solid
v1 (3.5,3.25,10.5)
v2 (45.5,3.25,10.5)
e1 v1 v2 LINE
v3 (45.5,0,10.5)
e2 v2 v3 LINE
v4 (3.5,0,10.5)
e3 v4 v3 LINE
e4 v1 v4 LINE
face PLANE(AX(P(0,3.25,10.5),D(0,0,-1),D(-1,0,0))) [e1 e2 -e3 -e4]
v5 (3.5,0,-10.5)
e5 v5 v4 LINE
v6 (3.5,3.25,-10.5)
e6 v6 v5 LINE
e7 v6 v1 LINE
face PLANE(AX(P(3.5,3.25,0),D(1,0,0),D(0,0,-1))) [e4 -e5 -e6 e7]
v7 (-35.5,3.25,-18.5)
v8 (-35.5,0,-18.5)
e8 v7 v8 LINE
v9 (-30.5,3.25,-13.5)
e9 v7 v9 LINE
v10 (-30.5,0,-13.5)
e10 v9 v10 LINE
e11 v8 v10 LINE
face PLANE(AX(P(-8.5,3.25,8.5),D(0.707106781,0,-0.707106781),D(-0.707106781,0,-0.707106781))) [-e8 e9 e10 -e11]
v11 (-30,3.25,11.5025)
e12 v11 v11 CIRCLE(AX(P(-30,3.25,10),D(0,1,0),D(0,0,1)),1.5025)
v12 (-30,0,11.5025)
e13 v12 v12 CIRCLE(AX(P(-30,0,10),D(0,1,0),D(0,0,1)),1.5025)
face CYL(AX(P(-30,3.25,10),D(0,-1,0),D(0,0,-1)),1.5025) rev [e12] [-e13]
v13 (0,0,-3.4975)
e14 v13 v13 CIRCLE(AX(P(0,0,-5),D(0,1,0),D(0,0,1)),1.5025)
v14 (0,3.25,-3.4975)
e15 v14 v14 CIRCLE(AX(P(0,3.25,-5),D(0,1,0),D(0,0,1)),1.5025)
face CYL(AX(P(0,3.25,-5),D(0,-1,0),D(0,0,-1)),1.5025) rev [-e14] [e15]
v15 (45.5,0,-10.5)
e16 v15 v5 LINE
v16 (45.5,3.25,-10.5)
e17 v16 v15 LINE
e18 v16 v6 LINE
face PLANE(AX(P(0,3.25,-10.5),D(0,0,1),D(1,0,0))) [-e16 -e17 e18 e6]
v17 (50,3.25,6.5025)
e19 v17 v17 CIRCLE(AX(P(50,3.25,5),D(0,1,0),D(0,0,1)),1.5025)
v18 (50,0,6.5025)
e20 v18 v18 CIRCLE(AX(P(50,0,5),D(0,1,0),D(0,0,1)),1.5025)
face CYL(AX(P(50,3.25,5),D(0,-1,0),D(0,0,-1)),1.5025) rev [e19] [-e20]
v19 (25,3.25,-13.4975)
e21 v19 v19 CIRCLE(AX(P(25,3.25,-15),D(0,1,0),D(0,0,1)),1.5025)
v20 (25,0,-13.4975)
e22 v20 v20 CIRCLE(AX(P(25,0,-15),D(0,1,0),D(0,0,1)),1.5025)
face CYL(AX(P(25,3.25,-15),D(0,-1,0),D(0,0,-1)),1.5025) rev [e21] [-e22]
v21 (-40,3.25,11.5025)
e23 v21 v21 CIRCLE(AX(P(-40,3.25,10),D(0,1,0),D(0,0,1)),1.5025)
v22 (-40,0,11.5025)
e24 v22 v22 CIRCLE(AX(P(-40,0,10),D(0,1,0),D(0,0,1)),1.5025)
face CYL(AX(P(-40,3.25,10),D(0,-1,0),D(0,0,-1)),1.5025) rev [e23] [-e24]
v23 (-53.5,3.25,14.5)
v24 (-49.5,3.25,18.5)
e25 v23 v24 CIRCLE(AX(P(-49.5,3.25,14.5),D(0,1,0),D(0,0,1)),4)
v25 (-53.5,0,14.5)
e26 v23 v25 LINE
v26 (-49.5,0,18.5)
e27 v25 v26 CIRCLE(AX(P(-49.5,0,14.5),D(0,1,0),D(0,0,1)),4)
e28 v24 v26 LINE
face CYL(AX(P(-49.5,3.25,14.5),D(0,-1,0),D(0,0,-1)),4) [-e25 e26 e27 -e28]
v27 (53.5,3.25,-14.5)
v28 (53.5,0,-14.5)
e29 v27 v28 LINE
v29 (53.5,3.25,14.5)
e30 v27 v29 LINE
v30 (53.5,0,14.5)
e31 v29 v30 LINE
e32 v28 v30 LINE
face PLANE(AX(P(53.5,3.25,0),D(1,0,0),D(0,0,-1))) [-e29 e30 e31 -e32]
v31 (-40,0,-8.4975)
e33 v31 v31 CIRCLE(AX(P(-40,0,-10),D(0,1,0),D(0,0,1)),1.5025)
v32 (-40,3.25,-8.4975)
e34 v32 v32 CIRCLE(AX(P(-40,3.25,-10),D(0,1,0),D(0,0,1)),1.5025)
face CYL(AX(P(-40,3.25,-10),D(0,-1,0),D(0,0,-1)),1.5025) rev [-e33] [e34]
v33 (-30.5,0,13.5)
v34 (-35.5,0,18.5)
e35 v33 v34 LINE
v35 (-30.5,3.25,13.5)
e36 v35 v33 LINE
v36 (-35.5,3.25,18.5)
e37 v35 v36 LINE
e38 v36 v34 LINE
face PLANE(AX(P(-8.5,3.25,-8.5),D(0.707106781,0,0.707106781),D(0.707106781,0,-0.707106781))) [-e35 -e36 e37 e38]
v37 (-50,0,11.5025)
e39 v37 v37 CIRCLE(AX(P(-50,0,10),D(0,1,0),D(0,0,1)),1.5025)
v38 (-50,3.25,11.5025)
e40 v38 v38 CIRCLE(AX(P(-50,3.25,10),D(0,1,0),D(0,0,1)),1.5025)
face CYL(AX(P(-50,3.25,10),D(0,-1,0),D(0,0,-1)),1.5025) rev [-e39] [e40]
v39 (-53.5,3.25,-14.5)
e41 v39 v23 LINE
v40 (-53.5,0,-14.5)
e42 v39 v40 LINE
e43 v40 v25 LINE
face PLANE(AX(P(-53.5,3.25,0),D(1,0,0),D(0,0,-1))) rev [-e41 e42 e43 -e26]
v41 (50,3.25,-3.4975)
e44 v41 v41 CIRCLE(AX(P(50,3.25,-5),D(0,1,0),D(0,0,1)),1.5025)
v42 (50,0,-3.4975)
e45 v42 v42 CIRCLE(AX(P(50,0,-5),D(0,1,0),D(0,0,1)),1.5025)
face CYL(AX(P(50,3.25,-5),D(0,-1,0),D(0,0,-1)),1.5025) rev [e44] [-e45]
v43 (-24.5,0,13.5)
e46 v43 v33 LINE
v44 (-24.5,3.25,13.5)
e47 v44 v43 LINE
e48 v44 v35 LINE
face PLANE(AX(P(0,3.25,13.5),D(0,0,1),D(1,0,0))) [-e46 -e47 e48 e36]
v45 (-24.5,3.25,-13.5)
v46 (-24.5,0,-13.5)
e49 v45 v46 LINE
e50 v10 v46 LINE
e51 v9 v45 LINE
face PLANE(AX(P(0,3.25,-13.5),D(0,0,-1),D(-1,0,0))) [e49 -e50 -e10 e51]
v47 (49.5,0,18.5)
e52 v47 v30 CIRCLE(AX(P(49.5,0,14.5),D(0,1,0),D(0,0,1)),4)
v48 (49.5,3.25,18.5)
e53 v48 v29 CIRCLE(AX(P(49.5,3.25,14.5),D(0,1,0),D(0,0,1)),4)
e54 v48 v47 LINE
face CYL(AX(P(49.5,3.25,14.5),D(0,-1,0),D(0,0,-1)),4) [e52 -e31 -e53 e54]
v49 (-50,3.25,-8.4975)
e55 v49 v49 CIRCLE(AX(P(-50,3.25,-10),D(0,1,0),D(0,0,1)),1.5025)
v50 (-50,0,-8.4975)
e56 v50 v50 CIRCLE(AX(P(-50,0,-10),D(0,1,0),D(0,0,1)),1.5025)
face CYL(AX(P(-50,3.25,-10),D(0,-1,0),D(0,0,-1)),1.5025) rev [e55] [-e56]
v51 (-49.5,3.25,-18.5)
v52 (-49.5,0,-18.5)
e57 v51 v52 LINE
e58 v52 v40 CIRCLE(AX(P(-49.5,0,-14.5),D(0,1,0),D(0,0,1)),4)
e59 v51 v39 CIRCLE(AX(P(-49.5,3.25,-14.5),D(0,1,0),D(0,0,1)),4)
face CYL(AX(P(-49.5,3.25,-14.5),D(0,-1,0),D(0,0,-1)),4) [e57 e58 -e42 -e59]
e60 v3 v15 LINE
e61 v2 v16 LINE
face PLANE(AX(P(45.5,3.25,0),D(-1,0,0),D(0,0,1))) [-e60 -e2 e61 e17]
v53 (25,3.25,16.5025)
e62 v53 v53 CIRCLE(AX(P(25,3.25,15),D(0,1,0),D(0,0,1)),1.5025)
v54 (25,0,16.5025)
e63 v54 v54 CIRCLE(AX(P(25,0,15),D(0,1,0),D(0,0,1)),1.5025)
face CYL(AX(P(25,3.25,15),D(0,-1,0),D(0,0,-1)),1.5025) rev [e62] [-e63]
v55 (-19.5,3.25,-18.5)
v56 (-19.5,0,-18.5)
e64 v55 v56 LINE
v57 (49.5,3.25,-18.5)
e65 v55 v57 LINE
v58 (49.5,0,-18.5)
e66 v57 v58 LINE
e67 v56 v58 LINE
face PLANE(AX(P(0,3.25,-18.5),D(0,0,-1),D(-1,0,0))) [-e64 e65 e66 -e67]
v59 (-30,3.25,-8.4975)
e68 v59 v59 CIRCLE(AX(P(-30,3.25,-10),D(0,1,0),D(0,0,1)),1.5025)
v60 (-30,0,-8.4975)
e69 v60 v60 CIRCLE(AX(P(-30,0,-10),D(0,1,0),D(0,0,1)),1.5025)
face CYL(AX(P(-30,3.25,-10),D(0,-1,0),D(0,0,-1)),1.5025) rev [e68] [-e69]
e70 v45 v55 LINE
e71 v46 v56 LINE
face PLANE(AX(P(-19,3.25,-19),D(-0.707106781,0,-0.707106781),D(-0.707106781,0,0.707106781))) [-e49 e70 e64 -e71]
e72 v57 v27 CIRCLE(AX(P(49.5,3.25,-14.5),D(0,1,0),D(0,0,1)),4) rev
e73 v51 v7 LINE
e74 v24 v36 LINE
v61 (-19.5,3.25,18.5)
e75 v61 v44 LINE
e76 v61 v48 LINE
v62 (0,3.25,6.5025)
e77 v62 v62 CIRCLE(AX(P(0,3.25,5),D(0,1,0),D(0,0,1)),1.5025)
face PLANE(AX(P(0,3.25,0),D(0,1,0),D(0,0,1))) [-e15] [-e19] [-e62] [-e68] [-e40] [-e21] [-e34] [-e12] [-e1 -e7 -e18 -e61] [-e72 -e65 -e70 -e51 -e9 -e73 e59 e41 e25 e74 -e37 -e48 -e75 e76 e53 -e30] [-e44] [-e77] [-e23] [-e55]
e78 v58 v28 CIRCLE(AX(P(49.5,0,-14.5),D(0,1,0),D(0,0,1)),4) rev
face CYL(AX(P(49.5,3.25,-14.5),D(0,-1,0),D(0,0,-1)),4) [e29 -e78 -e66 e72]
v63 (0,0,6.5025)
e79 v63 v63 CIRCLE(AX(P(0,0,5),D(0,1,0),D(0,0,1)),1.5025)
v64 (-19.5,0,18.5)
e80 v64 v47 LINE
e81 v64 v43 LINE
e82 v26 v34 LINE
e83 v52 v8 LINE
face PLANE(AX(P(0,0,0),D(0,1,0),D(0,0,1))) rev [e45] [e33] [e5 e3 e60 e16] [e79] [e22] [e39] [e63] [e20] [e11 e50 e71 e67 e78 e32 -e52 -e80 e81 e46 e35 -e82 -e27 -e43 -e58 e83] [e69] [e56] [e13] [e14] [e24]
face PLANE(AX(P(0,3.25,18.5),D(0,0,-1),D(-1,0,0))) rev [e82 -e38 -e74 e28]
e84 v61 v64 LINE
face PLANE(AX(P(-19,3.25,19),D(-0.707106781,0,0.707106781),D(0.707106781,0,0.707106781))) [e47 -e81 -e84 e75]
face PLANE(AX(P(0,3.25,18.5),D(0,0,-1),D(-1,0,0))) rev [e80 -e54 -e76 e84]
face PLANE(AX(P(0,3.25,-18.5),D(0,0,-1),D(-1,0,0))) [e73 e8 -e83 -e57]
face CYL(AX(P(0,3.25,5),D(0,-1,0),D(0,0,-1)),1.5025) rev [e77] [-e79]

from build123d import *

# Parameters (mm, degrees)
SKETCH1_R           = 1.5025
SKETCH1_W           = 42
SKETCH1_H           = 21
BOSS_EXTRUDE1_DEPTH = 3.25


with BuildPart() as part:
    # Sketch1 → Boss-Extrude1 (new body)
    with BuildSketch(Plane(origin=(0, 0, 0), x_dir=(1, 0, 0), z_dir=(0, 1, 0))):
        with BuildLine():
            Line((-49.5, 18.5), (-35.5, 18.5))
            Line((-35.5, 18.5), (-30.5, 13.5))
            Line((-30.5, 13.5), (-24.5, 13.5))
            Line((-24.5, 13.5), (-19.5, 18.5))
            Line((-19.5, 18.5), (49.5, 18.5))
            ThreePointArc((49.5, 18.5), (52.328427125, 17.328427125), (53.5, 14.5))
            Line((53.5, 14.5), (53.5, -14.5))
            ThreePointArc((53.5, -14.5), (52.328427125, -17.328427125), (49.5, -18.5))
            Line((49.5, -18.5), (-19.5, -18.5))
            Line((-19.5, -18.5), (-24.5, -13.5))
            Line((-24.5, -13.5), (-30.5, -13.5))
            Line((-30.5, -13.5), (-35.5, -18.5))
            Line((-35.5, -18.5), (-49.5, -18.5))
            ThreePointArc((-49.5, -18.5), (-52.328427125, -17.328427125), (-53.5, -14.5))
            Line((-53.5, -14.5), (-53.5, 14.5))
            ThreePointArc((-53.5, 14.5), (-52.328427125, 17.328427125), (-49.5, 18.5))
        make_face()
        with Locations((25, -15)):
            Circle(SKETCH1_R, mode=Mode.SUBTRACT)
        with Locations((-40, -10)):
            Circle(SKETCH1_R, mode=Mode.SUBTRACT)
        with Locations((-30, -10)):
            Circle(SKETCH1_R, mode=Mode.SUBTRACT)
        with Locations((0, -5)):
            Circle(SKETCH1_R, mode=Mode.SUBTRACT)
        with Locations((50, -5)):
            Circle(SKETCH1_R, mode=Mode.SUBTRACT)
        with Locations((0, 5)):
            Circle(SKETCH1_R, mode=Mode.SUBTRACT)
        with Locations((50, 5)):
            Circle(SKETCH1_R, mode=Mode.SUBTRACT)
        with Locations((-40, 10)):
            Circle(SKETCH1_R, mode=Mode.SUBTRACT)
        with Locations((-30, 10)):
            Circle(SKETCH1_R, mode=Mode.SUBTRACT)
        with Locations((25, 15)):
            Circle(SKETCH1_R, mode=Mode.SUBTRACT)
        with Locations((-50, -10)):
            Circle(SKETCH1_R, mode=Mode.SUBTRACT)
        with Locations((-50, 10)):
            Circle(SKETCH1_R, mode=Mode.SUBTRACT)
        with Locations((24.5, 0)):
            Rectangle(SKETCH1_W, SKETCH1_H, mode=Mode.SUBTRACT)
    extrude(amount=BOSS_EXTRUDE1_DEPTH)


solid = part.part
